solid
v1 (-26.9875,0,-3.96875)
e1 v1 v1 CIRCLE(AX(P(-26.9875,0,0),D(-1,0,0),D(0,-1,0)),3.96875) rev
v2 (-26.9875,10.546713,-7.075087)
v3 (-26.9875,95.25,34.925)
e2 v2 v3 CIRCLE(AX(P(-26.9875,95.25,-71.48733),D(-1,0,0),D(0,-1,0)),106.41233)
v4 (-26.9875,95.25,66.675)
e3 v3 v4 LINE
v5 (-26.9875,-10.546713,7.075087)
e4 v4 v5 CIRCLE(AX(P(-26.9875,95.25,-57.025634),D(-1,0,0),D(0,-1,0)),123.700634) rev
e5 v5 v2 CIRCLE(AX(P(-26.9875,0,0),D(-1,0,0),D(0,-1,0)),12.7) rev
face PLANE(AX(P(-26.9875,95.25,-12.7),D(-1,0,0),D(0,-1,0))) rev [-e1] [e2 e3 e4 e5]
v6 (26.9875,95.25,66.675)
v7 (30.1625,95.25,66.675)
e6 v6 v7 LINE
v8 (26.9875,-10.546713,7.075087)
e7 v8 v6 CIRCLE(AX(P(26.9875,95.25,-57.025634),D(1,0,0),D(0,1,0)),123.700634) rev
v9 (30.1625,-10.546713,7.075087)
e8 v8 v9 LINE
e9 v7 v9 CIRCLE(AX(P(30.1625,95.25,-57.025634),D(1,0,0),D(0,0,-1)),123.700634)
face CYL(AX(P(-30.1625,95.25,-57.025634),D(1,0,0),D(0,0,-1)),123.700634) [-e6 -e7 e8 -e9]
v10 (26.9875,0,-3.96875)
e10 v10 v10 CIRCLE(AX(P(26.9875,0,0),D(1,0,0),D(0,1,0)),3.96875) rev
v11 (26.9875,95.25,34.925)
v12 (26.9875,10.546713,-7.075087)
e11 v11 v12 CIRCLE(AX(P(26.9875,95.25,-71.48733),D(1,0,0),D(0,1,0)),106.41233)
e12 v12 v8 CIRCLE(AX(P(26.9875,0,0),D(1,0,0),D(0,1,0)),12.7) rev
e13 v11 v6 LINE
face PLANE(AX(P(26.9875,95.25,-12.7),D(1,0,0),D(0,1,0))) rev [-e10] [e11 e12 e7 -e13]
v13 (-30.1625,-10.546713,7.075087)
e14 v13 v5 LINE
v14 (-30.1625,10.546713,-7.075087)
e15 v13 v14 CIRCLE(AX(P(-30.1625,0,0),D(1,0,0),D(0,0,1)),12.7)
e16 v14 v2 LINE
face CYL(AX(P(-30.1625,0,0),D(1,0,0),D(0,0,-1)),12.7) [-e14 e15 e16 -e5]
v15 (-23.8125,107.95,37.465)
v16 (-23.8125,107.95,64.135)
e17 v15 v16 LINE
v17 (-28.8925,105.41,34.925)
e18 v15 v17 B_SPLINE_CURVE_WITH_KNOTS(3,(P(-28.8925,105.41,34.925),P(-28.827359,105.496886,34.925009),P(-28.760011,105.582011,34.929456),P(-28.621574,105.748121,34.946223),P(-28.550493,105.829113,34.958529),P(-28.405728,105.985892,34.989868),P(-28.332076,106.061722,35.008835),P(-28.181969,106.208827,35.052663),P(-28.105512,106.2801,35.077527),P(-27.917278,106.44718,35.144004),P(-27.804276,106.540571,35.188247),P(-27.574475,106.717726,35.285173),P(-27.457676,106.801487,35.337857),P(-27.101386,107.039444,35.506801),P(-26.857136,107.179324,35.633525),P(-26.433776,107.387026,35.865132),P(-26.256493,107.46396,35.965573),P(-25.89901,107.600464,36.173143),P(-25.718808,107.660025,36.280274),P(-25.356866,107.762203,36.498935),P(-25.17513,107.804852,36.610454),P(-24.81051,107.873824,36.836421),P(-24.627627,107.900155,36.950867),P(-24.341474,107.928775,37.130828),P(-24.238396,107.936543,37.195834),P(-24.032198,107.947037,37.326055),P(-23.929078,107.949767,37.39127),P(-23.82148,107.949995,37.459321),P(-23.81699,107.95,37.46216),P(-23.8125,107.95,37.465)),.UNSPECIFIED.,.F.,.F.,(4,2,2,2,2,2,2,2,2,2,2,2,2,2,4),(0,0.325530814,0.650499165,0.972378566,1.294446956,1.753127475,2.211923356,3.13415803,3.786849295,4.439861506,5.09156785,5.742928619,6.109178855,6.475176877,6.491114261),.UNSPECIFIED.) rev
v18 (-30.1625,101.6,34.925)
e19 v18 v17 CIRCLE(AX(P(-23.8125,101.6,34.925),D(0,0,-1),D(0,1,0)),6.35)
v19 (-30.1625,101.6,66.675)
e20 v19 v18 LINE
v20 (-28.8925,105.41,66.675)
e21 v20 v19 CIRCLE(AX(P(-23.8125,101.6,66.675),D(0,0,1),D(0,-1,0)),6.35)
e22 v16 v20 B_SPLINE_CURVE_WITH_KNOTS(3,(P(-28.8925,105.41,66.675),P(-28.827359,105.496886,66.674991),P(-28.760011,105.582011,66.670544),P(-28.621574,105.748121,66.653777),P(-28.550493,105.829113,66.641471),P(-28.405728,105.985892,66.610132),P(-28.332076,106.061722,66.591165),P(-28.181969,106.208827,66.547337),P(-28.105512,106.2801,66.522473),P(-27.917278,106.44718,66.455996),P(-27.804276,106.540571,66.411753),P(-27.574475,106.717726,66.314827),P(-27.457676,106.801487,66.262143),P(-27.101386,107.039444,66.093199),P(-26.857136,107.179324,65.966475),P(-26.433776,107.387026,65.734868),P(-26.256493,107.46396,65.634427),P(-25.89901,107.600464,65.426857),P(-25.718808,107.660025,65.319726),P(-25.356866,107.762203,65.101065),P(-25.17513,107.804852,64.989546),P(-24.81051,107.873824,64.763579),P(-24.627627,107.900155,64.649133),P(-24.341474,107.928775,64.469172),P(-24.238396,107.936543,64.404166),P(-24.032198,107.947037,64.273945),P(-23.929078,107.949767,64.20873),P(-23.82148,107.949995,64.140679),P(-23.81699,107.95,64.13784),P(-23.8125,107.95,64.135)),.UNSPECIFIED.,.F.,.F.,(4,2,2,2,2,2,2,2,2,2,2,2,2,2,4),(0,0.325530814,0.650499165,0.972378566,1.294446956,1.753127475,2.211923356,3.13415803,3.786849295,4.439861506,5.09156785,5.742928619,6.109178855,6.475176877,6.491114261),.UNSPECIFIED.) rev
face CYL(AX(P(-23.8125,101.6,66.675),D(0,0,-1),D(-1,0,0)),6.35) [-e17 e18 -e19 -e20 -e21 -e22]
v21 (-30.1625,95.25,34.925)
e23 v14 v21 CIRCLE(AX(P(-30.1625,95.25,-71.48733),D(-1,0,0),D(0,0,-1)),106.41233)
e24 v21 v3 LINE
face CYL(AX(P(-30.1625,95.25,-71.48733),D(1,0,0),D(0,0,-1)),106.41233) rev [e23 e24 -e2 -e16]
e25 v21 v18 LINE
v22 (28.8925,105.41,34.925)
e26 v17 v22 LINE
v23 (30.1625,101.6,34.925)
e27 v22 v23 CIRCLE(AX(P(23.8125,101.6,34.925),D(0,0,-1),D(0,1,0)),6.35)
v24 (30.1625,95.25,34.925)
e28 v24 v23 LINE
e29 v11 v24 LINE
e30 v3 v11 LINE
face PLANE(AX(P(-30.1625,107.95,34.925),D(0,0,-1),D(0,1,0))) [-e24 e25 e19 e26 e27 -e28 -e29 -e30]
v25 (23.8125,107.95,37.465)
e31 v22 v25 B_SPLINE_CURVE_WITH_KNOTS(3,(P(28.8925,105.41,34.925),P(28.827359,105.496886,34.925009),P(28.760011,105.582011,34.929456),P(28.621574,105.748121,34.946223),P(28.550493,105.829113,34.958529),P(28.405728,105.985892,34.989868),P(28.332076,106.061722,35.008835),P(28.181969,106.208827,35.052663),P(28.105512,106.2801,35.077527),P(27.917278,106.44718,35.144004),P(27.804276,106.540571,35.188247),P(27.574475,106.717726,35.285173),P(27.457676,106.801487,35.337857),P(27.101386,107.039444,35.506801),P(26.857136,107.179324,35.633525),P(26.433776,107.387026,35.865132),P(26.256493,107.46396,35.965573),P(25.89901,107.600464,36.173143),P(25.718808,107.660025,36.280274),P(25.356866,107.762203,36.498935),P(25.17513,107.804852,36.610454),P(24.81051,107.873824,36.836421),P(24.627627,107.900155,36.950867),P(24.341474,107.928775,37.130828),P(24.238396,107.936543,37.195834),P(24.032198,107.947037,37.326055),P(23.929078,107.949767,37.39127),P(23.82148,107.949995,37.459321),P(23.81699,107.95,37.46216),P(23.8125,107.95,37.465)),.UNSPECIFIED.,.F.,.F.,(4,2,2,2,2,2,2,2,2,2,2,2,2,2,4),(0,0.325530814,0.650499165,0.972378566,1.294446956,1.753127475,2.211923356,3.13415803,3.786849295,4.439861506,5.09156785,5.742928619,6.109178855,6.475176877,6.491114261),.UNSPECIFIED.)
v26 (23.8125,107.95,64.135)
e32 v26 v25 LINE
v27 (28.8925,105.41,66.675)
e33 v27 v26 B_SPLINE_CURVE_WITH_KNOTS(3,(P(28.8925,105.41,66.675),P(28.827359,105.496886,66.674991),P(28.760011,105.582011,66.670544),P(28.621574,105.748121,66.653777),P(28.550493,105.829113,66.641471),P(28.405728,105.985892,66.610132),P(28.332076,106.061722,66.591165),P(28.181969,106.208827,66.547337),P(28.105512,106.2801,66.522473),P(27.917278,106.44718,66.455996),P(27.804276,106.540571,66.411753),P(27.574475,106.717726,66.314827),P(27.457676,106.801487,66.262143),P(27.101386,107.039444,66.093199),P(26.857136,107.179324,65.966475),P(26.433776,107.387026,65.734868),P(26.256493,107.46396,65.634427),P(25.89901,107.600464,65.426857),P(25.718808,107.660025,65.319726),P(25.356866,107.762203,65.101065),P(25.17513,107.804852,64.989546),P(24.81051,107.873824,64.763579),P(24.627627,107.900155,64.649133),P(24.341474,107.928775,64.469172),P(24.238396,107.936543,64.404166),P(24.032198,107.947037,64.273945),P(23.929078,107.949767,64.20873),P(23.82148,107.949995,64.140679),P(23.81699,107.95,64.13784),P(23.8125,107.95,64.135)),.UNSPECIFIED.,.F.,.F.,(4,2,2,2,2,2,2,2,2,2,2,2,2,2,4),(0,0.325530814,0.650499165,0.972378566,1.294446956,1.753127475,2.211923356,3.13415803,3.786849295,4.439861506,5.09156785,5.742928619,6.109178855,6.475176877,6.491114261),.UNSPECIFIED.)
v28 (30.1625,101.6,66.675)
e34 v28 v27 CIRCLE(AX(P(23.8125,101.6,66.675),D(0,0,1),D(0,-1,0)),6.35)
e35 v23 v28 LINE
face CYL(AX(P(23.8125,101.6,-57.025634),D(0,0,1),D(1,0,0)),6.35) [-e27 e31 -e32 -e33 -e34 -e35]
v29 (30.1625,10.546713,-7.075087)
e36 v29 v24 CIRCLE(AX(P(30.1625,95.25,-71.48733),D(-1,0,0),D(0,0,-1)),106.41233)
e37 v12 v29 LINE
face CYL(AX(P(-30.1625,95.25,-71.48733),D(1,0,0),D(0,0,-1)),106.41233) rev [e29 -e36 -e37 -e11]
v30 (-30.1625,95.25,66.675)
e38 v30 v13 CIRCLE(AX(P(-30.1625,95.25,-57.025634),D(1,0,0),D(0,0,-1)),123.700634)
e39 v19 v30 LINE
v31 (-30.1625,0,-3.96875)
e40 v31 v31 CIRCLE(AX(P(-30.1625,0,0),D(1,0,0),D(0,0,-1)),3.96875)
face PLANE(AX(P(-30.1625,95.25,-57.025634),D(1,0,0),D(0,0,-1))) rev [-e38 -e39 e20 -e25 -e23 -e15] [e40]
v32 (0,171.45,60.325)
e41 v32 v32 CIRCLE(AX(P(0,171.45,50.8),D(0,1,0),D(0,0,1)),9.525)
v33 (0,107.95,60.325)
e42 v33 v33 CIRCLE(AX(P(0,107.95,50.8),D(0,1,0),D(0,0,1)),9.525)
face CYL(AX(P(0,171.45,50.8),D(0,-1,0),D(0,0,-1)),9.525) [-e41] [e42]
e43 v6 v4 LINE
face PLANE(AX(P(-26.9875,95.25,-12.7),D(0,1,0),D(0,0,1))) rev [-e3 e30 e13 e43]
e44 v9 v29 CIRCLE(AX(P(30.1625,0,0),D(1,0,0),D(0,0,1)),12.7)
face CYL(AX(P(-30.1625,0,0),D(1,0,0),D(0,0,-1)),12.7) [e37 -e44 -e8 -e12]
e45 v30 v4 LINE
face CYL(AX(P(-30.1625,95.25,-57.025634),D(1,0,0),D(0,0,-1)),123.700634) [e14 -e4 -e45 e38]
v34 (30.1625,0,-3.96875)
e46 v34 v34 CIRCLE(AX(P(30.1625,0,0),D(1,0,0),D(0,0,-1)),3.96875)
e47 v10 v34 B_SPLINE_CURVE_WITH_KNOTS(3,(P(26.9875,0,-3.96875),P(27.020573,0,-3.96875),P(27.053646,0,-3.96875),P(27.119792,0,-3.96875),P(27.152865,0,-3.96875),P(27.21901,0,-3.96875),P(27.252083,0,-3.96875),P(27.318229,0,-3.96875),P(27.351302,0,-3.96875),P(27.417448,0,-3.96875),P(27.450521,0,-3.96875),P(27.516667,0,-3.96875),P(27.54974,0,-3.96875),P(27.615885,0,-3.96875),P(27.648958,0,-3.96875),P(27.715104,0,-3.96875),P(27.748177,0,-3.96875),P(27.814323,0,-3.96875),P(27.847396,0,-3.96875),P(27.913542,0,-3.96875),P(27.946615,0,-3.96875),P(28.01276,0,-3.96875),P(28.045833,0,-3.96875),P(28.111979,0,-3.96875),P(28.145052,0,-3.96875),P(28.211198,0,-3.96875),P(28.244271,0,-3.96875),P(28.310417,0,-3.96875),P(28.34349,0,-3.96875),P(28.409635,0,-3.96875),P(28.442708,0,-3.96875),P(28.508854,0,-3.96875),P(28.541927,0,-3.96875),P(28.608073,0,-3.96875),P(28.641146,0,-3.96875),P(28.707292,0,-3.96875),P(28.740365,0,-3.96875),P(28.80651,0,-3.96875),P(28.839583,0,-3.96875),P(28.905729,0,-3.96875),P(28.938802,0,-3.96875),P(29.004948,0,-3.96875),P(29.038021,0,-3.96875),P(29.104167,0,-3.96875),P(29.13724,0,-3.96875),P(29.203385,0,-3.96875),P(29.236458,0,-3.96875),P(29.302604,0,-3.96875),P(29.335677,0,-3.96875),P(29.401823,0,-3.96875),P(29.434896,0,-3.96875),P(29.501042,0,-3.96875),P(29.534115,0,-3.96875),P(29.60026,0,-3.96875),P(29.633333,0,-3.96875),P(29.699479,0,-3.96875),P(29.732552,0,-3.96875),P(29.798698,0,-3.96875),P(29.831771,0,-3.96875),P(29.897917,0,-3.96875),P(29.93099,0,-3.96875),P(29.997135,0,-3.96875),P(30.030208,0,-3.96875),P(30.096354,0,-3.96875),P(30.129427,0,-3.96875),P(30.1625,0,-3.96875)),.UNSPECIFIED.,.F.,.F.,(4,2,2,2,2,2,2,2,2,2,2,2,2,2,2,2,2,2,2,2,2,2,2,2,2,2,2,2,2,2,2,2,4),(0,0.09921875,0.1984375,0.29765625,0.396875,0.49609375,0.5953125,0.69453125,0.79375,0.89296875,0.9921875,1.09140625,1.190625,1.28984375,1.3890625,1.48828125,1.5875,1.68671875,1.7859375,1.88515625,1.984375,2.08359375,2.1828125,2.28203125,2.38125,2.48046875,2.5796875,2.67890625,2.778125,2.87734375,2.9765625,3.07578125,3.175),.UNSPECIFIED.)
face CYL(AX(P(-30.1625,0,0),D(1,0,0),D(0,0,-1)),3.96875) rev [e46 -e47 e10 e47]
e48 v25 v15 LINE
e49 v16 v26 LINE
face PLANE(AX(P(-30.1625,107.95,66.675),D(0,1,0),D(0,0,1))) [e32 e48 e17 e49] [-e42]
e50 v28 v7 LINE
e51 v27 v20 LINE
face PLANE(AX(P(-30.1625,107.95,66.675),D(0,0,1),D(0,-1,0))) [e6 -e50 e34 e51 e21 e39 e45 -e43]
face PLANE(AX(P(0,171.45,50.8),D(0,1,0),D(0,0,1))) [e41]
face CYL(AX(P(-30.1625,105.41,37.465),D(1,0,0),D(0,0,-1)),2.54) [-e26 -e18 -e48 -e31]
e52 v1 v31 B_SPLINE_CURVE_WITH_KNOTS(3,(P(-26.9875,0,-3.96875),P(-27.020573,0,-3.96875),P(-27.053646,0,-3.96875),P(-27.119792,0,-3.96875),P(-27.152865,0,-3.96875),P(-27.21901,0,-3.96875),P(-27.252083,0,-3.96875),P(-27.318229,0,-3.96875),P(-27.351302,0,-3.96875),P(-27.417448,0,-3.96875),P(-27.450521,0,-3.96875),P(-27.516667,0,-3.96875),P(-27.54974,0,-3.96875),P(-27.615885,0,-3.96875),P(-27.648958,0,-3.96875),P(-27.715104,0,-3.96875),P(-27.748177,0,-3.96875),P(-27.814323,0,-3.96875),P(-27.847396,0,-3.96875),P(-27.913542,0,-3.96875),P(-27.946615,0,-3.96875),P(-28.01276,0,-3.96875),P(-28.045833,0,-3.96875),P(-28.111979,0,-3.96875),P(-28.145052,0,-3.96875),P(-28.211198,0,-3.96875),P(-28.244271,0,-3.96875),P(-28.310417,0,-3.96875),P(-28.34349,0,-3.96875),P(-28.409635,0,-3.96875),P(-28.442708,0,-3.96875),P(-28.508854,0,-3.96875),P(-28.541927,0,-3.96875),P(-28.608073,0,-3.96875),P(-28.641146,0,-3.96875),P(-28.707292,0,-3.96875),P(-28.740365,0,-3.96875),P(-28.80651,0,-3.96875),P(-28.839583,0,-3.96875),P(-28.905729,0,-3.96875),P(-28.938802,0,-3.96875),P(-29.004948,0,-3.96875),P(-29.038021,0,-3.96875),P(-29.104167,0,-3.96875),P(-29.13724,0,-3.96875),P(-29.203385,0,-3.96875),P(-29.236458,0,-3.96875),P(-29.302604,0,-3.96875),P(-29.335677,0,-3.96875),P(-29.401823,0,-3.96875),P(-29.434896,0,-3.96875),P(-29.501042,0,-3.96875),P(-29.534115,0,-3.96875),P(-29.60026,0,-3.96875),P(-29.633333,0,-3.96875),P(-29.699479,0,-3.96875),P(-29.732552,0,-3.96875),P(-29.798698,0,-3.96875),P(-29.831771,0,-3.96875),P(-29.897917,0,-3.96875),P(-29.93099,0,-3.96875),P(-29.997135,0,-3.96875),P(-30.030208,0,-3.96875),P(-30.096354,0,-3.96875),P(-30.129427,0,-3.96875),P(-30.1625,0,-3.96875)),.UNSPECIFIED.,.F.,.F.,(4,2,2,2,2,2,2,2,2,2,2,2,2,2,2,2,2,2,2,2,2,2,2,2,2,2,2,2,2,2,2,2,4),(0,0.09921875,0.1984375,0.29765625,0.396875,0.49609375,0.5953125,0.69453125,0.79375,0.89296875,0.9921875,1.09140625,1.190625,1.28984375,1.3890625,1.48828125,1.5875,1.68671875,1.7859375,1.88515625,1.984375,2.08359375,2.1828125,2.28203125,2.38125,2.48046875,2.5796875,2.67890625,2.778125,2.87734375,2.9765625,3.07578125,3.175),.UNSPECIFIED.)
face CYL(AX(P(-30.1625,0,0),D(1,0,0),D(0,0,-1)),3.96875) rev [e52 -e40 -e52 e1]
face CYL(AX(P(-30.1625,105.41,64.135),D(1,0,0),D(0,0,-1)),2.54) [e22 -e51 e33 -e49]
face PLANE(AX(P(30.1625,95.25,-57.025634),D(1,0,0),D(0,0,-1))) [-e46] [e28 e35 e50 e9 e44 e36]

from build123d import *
from OCP.BRepFilletAPI import BRepFilletAPI_MakeFillet

# Parameters (mm, degrees)
BOSS_EXTRUDE1_DEPTH      = 30.1625
BOSS_EXTRUDE1_DEPTH_BACK = 30.1625
SKETCH1_R                = 3.96875
SKETCH2_W                = 53.975
SKETCH2_H                = 127
CUT_EXTRUDE1_DEPTH       = 138.343982508
SKETCH3_R                = 9.525
BOSS_EXTRUDE2_DEPTH      = 63.5
FILLET5_R1               = 6.35
FILLET5_R2               = 2.54


with BuildPart() as part:
    # Sketch1 → Boss-Extrude1 (new, two sides: drawn at the far end of the back side and taken through both)
    with BuildSketch(Plane(origin=(0, 0, 0), x_dir=(0, 0, -1), z_dir=(1, 0, 0)).offset(-BOSS_EXTRUDE1_DEPTH_BACK)):
        with BuildLine():
            Line((-66.675, 107.95), (-34.925, 107.95))
            Line((-34.925, 107.95), (-34.925, 95.25))
            ThreePointArc((-34.925, 95.25), (-23.848499799, 47.977772084), (7.075086505, 10.546712803))
            ThreePointArc((7.075086505, 10.546712803), (10.546712803, -7.075086505), (-7.075086505, -10.546712803))
            ThreePointArc((-7.075086505, -10.546712803), (-50.749935163, 34.535310409), (-66.675, 95.25))
            Line((-66.675, 95.25), (-66.675, 107.95))
        make_face()
        Circle(SKETCH1_R, mode=Mode.SUBTRACT)
    extrude(amount=BOSS_EXTRUDE1_DEPTH + BOSS_EXTRUDE1_DEPTH_BACK)

    # Sketch2 → Cut-Extrude1 (cut, through all)
    with BuildSketch(Plane.XY.offset(66.675)):
        with Locations((0, 31.75)):
            Rectangle(SKETCH2_W, SKETCH2_H)
    extrude(amount=-CUT_EXTRUDE1_DEPTH, mode=Mode.SUBTRACT)

    # Sketch3 → Boss-Extrude2 (add)
    with BuildSketch(Plane(origin=(0, 107.95, 0), x_dir=(1, 0, 0), z_dir=(0, 1, 0))):
        with Locations((0, -50.8)):
            Circle(SKETCH3_R)
    extrude(amount=BOSS_EXTRUDE2_DEPTH)

    # Fillet5: one fillet with a radius per group of edges: ONE call of the kernel's fillet builder (fillet() takes one radius for all edges)
    fillet5_edges_1 = [part.edges().sort_by_distance(p)[0] for p in [
        (-30.1625, 107.95, 50.8),
        (30.1625, 107.95, 50.8),
    ]]
    fillet5_edges_2 = [part.edges().sort_by_distance(p)[0] for p in [
        (0, 107.95, 34.925),
        (0, 107.95, 66.675),
    ]]
    fillet5 = BRepFilletAPI_MakeFillet(part.part.solid().wrapped)
    for e in fillet5_edges_1:
        fillet5.Add(FILLET5_R1, e.wrapped)
    for e in fillet5_edges_2:
        fillet5.Add(FILLET5_R2, e.wrapped)
    add(Compound.cast(fillet5.Shape()), mode=Mode.REPLACE)


solid = part.part
